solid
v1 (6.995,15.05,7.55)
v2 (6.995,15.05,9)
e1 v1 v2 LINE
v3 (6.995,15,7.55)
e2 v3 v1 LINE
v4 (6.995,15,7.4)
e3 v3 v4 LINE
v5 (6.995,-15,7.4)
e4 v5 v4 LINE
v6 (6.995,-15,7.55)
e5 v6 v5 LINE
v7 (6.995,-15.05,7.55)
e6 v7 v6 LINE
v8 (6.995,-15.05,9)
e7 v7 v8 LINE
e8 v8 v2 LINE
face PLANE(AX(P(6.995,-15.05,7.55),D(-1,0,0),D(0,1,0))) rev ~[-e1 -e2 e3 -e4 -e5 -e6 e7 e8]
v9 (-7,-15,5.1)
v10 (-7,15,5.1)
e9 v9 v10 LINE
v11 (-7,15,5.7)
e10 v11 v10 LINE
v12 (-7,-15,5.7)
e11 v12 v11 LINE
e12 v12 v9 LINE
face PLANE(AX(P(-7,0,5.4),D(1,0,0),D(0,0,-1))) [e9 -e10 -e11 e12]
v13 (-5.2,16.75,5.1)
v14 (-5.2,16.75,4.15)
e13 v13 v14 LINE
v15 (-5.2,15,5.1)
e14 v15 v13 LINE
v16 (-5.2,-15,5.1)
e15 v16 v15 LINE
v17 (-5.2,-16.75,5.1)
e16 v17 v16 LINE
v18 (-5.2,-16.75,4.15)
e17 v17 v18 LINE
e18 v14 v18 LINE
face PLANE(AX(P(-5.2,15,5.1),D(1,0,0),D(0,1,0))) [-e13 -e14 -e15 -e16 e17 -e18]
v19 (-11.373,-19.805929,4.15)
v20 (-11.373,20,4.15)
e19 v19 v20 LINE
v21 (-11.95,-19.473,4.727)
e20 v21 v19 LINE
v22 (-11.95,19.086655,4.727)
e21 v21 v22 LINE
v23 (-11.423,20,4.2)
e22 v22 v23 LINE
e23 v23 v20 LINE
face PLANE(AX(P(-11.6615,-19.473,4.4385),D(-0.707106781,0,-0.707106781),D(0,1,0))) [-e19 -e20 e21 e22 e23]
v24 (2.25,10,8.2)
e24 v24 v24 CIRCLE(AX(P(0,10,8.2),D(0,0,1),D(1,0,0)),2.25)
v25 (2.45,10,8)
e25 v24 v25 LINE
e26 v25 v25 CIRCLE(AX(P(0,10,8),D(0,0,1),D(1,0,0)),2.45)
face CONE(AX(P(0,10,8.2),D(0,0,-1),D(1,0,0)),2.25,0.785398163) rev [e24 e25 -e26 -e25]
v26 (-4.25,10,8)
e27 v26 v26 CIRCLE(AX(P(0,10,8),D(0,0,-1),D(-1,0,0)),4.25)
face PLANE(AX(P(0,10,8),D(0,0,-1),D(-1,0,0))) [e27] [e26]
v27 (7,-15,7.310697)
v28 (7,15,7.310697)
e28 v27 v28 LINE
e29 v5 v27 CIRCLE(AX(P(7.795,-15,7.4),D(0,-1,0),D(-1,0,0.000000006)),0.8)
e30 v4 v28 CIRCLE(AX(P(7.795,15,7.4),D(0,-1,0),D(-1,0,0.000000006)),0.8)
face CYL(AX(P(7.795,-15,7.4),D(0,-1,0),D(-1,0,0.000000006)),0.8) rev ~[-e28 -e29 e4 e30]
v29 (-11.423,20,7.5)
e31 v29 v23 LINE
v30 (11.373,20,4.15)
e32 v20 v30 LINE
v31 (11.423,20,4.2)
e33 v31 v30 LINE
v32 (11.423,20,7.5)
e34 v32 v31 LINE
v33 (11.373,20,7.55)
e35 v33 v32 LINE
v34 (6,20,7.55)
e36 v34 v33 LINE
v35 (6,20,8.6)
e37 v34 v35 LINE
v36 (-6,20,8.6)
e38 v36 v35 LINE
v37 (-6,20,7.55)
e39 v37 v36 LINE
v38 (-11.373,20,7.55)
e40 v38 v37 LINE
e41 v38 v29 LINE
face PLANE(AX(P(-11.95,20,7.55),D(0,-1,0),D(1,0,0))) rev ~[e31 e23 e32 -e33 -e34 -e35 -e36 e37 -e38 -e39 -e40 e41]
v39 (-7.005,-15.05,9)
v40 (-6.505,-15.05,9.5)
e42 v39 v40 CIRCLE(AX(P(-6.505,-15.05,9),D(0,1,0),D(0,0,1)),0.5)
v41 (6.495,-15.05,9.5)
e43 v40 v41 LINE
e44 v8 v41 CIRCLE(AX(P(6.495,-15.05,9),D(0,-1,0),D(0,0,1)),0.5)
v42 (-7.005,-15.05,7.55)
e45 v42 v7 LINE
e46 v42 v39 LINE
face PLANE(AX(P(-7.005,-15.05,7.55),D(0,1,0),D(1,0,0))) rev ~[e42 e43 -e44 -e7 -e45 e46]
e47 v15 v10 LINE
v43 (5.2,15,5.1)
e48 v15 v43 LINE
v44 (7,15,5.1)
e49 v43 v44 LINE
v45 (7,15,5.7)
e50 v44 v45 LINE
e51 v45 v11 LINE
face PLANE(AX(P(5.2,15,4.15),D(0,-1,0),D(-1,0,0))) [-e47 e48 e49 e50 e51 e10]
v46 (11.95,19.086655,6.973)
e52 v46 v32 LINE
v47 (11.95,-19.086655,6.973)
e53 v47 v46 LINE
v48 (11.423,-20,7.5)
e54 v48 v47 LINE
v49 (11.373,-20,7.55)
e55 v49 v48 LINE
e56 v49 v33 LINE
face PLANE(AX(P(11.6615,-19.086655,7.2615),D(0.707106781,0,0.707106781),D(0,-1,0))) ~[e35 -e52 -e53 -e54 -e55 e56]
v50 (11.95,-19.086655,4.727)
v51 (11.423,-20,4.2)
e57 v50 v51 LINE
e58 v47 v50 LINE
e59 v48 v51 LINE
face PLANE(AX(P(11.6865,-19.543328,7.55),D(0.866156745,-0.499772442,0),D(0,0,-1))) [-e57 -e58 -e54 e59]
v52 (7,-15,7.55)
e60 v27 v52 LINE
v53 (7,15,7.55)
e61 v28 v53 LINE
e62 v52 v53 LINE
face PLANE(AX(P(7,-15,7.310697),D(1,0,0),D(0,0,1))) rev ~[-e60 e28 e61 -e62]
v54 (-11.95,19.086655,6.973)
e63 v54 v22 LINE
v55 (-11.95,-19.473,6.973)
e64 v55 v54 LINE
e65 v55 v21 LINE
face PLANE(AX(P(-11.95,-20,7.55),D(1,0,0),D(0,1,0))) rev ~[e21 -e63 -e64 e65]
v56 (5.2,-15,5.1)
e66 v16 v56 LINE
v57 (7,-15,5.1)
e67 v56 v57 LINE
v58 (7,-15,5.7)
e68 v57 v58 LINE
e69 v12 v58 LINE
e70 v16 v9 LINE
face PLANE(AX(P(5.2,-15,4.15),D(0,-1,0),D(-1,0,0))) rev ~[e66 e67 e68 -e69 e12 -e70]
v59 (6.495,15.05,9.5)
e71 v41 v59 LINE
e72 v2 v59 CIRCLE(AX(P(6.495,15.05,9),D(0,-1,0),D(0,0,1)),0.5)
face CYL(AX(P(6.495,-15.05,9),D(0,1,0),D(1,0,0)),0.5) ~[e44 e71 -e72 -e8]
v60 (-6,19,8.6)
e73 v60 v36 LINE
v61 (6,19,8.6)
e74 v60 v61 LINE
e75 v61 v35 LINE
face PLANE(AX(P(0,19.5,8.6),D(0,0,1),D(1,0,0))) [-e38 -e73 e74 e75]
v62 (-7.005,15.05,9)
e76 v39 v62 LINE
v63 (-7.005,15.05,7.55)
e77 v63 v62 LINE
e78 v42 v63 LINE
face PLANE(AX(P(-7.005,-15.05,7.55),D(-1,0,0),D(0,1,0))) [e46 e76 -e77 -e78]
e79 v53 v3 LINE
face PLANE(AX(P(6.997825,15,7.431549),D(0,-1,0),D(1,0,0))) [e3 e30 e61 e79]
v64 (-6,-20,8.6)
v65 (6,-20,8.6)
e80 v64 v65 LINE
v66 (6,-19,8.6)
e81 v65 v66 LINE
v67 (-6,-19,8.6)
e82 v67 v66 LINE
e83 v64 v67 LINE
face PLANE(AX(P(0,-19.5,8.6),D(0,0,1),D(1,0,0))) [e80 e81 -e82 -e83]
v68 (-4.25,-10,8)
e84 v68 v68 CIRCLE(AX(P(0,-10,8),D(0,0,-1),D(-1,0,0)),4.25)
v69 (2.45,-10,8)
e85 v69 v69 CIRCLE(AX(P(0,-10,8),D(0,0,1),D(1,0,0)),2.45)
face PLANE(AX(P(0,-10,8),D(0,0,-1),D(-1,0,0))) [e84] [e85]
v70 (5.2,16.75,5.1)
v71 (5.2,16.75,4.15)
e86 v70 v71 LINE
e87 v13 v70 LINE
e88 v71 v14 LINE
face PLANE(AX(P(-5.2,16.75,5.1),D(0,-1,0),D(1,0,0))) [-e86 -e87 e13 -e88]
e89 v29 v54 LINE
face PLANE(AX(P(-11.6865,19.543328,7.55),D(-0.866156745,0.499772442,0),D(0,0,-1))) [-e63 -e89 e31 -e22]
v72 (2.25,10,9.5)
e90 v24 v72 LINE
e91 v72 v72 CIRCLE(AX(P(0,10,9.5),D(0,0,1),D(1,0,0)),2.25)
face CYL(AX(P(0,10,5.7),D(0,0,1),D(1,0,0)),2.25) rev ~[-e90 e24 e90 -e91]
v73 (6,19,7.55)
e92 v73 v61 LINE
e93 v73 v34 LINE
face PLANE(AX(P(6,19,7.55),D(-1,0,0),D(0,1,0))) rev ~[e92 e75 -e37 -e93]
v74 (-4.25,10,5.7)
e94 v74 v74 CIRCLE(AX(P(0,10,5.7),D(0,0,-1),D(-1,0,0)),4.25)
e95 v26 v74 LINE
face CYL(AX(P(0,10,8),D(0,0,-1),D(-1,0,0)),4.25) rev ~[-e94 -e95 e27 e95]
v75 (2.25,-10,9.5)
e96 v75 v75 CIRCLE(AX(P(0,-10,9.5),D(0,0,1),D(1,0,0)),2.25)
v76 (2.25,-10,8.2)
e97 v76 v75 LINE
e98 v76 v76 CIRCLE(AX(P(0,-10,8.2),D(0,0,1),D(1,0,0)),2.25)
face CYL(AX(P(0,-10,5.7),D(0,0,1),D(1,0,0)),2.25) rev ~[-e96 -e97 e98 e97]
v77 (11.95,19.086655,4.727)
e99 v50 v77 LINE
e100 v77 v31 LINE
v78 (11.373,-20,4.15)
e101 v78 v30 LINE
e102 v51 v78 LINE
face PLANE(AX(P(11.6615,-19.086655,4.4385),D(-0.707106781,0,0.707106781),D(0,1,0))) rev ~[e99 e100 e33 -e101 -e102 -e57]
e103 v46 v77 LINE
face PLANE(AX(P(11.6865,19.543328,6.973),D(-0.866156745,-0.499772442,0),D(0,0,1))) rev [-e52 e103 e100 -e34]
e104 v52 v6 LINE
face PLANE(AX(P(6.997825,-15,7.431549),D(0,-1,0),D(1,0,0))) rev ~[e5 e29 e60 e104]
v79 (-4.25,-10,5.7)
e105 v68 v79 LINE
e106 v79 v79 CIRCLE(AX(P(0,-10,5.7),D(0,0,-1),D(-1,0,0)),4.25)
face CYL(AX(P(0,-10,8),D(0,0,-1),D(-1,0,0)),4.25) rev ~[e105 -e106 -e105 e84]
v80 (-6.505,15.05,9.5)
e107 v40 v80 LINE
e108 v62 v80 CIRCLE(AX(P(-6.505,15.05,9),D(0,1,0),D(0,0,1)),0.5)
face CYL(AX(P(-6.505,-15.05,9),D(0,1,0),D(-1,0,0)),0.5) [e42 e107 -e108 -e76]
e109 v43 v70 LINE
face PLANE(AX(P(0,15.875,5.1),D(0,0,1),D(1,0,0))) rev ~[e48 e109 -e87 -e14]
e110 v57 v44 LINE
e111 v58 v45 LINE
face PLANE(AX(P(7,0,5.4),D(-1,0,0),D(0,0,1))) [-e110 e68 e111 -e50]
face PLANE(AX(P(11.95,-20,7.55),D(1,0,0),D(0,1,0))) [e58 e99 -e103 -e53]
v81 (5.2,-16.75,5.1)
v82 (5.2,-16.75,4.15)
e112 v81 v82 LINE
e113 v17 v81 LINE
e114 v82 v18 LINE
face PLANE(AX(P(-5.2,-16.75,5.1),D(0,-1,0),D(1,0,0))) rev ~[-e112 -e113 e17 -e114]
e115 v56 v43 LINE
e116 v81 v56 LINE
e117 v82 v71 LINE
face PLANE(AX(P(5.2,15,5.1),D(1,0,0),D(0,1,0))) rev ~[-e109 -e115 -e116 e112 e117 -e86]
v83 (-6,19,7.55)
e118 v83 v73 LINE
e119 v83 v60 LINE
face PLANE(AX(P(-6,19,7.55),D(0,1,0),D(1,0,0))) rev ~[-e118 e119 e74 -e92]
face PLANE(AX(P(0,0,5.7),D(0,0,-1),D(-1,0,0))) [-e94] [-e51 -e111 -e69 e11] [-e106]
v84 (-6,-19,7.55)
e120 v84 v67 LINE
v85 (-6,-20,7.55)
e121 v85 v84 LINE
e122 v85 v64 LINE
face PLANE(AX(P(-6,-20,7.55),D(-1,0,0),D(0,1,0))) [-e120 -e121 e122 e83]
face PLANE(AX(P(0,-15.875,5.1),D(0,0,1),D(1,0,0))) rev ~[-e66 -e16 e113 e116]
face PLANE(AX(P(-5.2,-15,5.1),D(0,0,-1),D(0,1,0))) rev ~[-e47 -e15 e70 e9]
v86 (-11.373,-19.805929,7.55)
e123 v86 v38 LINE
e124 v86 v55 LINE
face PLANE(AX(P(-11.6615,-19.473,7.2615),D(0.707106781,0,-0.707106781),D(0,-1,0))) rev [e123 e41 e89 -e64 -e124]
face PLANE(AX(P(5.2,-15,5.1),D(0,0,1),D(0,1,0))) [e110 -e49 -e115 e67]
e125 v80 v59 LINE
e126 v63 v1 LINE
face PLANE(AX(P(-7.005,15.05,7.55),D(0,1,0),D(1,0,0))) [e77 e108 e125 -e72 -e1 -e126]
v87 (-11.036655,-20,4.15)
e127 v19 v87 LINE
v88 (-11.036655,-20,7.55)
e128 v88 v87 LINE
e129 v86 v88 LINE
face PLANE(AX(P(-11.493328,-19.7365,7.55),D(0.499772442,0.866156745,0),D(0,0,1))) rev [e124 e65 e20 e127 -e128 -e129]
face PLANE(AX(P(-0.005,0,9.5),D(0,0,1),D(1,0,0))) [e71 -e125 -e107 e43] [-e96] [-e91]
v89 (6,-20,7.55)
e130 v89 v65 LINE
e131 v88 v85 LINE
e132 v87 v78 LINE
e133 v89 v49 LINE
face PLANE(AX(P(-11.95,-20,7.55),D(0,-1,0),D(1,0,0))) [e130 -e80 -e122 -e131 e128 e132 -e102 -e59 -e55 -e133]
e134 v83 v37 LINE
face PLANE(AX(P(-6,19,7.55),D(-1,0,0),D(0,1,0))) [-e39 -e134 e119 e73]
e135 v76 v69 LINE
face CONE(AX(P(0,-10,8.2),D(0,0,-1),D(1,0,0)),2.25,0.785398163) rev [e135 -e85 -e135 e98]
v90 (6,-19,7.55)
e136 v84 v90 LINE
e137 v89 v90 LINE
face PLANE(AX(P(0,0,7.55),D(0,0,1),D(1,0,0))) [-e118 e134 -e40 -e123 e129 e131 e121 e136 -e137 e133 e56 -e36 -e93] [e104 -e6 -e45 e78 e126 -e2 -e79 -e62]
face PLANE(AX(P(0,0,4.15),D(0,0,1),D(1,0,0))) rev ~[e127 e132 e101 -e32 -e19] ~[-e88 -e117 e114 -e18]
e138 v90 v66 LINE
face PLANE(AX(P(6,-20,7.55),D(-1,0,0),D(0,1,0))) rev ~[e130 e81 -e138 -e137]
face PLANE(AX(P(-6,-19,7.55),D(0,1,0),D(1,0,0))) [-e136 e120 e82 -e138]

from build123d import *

# Parameters (mm, degrees)
SKETCH1_W                                        = 23.9
SKETCH1_H                                        = 40
BOSS_EXTRUDE1_DEPTH                              = 3.4
CUT_EXTRUDE1_DEPTH                               = 30
SKETCH3_W                                        = 14
SKETCH3_H                                        = 30.1
BOSS_EXTRUDE2_DEPTH                              = 1.95
SKETCH4_W                                        = 10.4
SKETCH4_H                                        = 30
CUT_EXTRUDE2_DEPTH                               = 1.55
CUT_EXTRUDE3_REACH                               = 2.95
SKETCH6_W                                        = 10.4
SKETCH6_H                                        = 1.75
CUT_EXTRUDE4_REACH                               = 2.95
SKETCH8_W                                        = 10.4
SKETCH8_H                                        = 1.75
SKETCH9_W                                        = 0.6
SKETCH9_H                                        = 30
CUT_EXTRUDE5_DEPTH                               = 1.8
SKETCH10_W                                       = 0.6
SKETCH10_H                                       = 30
CUT_EXTRUDE6_DEPTH                               = 1.8
SKETCH11_W                                       = 12
SKETCH11_H                                       = 1
BOSS_EXTRUDE3_DEPTH                              = 1.05
SKETCH12_W                                       = 12
SKETCH12_H                                       = 1
BOSS_EXTRUDE4_DEPTH                              = 1.05
CBORE_FOR_M4_HEX_HEAD_MACHINE_SCREW1_D           = 4.5
CBORE_FOR_M4_HEX_HEAD_MACHINE_SCREW1_DEPTH       = 3.8
CBORE_FOR_M4_HEX_HEAD_MACHINE_SCREW1_CBORE_D     = 8.5
CBORE_FOR_M4_HEX_HEAD_MACHINE_SCREW1_CBORE_DEPTH = 2.3
CHAMFER1_SIZE                                    = 0.527
CHAMFER1_SIZE2                                   = 0.913344887
CHAMFER1_PART_2_SIZE                             = 0.527
CHAMFER1_PART_2_SIZE2                            = 0.913344887
CHAMFER1_PART_3_SIZE                             = 0.527
CHAMFER1_PART_3_SIZE2                            = 0.913344887
CHAMFER2_SIZE                                    = 0.2
CHAMFER3_SIZE                                    = 0.577
CHAMFER4_SIZE                                    = 0.913344887
CHAMFER4_SIZE2                                   = 0.527
FILLET1_R                                        = 0.5


with BuildPart() as part:
    # Sketch1 → Boss-Extrude1 (new body)
    with BuildSketch(Plane.XY.offset(7.55)):
        Rectangle(SKETCH1_W, SKETCH1_H)
    extrude(amount=-BOSS_EXTRUDE1_DEPTH)

    # Sketch2 → Cut-Extrude1 (cut)
    with BuildSketch(Plane.XZ.offset(15)):
        with BuildLine():
            Line((7, 7.310697145), (7, 7.55))
            Line((7, 7.55), (6.995, 7.55))
            Line((6.995, 7.55), (6.995, 7.4))
            ThreePointArc((6.995, 7.4), (6.996250978, 7.35527864), (7, 7.310697145))
        make_face()
    extrude(amount=-CUT_EXTRUDE1_DEPTH, mode=Mode.SUBTRACT)

    # Sketch3 → Boss-Extrude2 (add)
    with BuildSketch(Plane.XY.offset(7.55)):
        with Locations((-0.005, 0)):
            Rectangle(SKETCH3_W, SKETCH3_H)
    extrude(amount=BOSS_EXTRUDE2_DEPTH)

    # Sketch4 → Cut-Extrude2 (cut)
    with BuildSketch(Plane(origin=(0, 0, 4.15), x_dir=(-1, 0, 0), z_dir=(0, 0, -1))):
        Rectangle(SKETCH4_W, SKETCH4_H)
    extrude(amount=-CUT_EXTRUDE2_DEPTH, mode=Mode.SUBTRACT)

    # Sketch6 → Cut-Extrude3 (cut, up to next)
    with BuildSketch(Plane.XY.offset(5.1), mode=Mode.PRIVATE) as cut_extrude3_sk1:
        with Locations((0, -15.875)):
            Rectangle(SKETCH6_W, SKETCH6_H)
    cut_extrude3_tool1 = extrude(cut_extrude3_sk1.sketch, amount=-CUT_EXTRUDE3_REACH, mode=Mode.PRIVATE) & part.part
    add(cut_extrude3_tool1.solids().sort_by_distance((0, -15.875, 5.1))[0], mode=Mode.SUBTRACT)

    # Sketch8 → Cut-Extrude4 (cut, up to next)
    with BuildSketch(Plane.XY.offset(5.1), mode=Mode.PRIVATE) as cut_extrude4_sk1:
        with Locations((0, 15.875)):
            Rectangle(SKETCH8_W, SKETCH8_H)
    cut_extrude4_tool1 = extrude(cut_extrude4_sk1.sketch, amount=-CUT_EXTRUDE4_REACH, mode=Mode.PRIVATE) & part.part
    add(cut_extrude4_tool1.solids().sort_by_distance((0, 15.875, 5.1))[0], mode=Mode.SUBTRACT)

    # Sketch9 → Cut-Extrude5 (cut)
    with BuildSketch(Plane(origin=(-5.2, 0, 0), x_dir=(0, 0, -1), z_dir=(1, 0, 0))):
        with Locations((-5.4, 0)):
            Rectangle(SKETCH9_W, SKETCH9_H)
    extrude(amount=-CUT_EXTRUDE5_DEPTH, mode=Mode.SUBTRACT)

    # Sketch10 → Cut-Extrude6 (cut)
    with BuildSketch(Plane.ZY.offset(-5.2)):
        with Locations((5.4, 0)):
            Rectangle(SKETCH10_W, SKETCH10_H)
    extrude(amount=-CUT_EXTRUDE6_DEPTH, mode=Mode.SUBTRACT)

    # Sketch11 → Boss-Extrude3 (add)
    with BuildSketch(Plane.XY.offset(7.55)):
        with Locations((0, 19.5)):
            Rectangle(SKETCH11_W, SKETCH11_H)
    extrude(amount=BOSS_EXTRUDE3_DEPTH)

    # Sketch12 → Boss-Extrude4 (add)
    with BuildSketch(Plane.XY.offset(7.55)):
        with Locations((0, -19.5)):
            Rectangle(SKETCH12_W, SKETCH12_H)
    extrude(amount=BOSS_EXTRUDE4_DEPTH)

    # CBORE for M4 Hex Head Machine Screw1
    with Locations(Plane(origin=(0, 0, 5.7), x_dir=(-1, 0, 0), z_dir=(0, 0, -1))):
        with Locations((0, 10), (0, -10)):
            CounterBoreHole(CBORE_FOR_M4_HEX_HEAD_MACHINE_SCREW1_D / 2, CBORE_FOR_M4_HEX_HEAD_MACHINE_SCREW1_CBORE_D / 2, CBORE_FOR_M4_HEX_HEAD_MACHINE_SCREW1_CBORE_DEPTH, depth=CBORE_FOR_M4_HEX_HEAD_MACHINE_SCREW1_DEPTH)

    # Chamfer1
    chamfer1_edges = [part.edges().sort_by_distance(p)[0] for p in [
        (-11.95, 20, 5.85),
    ]]
    chamfer1_side = [part.faces().sort_by_distance(p)[0] for p in [
        (0, 20, 6.148689538),
    ]]
    chamfer(chamfer1_edges, length=CHAMFER1_SIZE, length2=CHAMFER1_SIZE2, reference=chamfer1_side[0])

    # Chamfer1 part 2
    chamfer1_part_2_edges = [part.edges().sort_by_distance(p)[0] for p in [
        (11.95, -20, 5.85),
    ]]
    chamfer1_part_2_side = [part.faces().sort_by_distance(p)[0] for p in [
        (0, -20, 6.148689538),
    ]]
    chamfer(chamfer1_part_2_edges, length=CHAMFER1_PART_2_SIZE, length2=CHAMFER1_PART_2_SIZE2, reference=chamfer1_part_2_side[0])

    # Chamfer1 part 3
    chamfer1_part_3_edges = [part.edges().sort_by_distance(p)[0] for p in [
        (-11.95, -20, 5.85),
    ]]
    chamfer1_part_3_side = [part.faces().sort_by_distance(p)[0] for p in [
        (-11.95, 0, 5.85),
    ]]
    chamfer(chamfer1_part_3_edges, length=CHAMFER1_PART_3_SIZE, length2=CHAMFER1_PART_3_SIZE2, reference=chamfer1_part_3_side[0])

    # Chamfer2
    chamfer2_edges = [part.edges().sort_by_distance(p)[0] for p in [
        (-2.25, -10, 8),
        (-2.25, 10, 8),
    ]]
    chamfer(chamfer2_edges, length=CHAMFER2_SIZE)

    # Chamfer3
    chamfer3_edges = [part.edges().sort_by_distance(p)[0] for p in [
        (11.95, 0.456672444, 7.55),
        (11.95, 0.456672444, 4.15),
        (-11.95, -0.193172444, 4.15),
        (-11.95, -0.193172444, 7.55),
    ]]
    chamfer(chamfer3_edges, length=CHAMFER3_SIZE)

    # Chamfer4
    chamfer4_edges = [part.edges().sort_by_distance(p)[0] for p in [
        (11.95, 20, 5.85),
    ]]
    chamfer4_side = [part.faces().sort_by_distance(p)[0] for p in [
        (11.95, 0.456672444, 5.85),
    ]]
    chamfer(chamfer4_edges, length=CHAMFER4_SIZE, length2=CHAMFER4_SIZE2, reference=chamfer4_side[0])

    # Fillet1
    fillet1_edges = [part.edges().sort_by_distance(p)[0] for p in [
        (6.995, 0, 9.5),
        (-7.005, 0, 9.5),
    ]]
    fillet(fillet1_edges, radius=FILLET1_R)


solid = part.part
